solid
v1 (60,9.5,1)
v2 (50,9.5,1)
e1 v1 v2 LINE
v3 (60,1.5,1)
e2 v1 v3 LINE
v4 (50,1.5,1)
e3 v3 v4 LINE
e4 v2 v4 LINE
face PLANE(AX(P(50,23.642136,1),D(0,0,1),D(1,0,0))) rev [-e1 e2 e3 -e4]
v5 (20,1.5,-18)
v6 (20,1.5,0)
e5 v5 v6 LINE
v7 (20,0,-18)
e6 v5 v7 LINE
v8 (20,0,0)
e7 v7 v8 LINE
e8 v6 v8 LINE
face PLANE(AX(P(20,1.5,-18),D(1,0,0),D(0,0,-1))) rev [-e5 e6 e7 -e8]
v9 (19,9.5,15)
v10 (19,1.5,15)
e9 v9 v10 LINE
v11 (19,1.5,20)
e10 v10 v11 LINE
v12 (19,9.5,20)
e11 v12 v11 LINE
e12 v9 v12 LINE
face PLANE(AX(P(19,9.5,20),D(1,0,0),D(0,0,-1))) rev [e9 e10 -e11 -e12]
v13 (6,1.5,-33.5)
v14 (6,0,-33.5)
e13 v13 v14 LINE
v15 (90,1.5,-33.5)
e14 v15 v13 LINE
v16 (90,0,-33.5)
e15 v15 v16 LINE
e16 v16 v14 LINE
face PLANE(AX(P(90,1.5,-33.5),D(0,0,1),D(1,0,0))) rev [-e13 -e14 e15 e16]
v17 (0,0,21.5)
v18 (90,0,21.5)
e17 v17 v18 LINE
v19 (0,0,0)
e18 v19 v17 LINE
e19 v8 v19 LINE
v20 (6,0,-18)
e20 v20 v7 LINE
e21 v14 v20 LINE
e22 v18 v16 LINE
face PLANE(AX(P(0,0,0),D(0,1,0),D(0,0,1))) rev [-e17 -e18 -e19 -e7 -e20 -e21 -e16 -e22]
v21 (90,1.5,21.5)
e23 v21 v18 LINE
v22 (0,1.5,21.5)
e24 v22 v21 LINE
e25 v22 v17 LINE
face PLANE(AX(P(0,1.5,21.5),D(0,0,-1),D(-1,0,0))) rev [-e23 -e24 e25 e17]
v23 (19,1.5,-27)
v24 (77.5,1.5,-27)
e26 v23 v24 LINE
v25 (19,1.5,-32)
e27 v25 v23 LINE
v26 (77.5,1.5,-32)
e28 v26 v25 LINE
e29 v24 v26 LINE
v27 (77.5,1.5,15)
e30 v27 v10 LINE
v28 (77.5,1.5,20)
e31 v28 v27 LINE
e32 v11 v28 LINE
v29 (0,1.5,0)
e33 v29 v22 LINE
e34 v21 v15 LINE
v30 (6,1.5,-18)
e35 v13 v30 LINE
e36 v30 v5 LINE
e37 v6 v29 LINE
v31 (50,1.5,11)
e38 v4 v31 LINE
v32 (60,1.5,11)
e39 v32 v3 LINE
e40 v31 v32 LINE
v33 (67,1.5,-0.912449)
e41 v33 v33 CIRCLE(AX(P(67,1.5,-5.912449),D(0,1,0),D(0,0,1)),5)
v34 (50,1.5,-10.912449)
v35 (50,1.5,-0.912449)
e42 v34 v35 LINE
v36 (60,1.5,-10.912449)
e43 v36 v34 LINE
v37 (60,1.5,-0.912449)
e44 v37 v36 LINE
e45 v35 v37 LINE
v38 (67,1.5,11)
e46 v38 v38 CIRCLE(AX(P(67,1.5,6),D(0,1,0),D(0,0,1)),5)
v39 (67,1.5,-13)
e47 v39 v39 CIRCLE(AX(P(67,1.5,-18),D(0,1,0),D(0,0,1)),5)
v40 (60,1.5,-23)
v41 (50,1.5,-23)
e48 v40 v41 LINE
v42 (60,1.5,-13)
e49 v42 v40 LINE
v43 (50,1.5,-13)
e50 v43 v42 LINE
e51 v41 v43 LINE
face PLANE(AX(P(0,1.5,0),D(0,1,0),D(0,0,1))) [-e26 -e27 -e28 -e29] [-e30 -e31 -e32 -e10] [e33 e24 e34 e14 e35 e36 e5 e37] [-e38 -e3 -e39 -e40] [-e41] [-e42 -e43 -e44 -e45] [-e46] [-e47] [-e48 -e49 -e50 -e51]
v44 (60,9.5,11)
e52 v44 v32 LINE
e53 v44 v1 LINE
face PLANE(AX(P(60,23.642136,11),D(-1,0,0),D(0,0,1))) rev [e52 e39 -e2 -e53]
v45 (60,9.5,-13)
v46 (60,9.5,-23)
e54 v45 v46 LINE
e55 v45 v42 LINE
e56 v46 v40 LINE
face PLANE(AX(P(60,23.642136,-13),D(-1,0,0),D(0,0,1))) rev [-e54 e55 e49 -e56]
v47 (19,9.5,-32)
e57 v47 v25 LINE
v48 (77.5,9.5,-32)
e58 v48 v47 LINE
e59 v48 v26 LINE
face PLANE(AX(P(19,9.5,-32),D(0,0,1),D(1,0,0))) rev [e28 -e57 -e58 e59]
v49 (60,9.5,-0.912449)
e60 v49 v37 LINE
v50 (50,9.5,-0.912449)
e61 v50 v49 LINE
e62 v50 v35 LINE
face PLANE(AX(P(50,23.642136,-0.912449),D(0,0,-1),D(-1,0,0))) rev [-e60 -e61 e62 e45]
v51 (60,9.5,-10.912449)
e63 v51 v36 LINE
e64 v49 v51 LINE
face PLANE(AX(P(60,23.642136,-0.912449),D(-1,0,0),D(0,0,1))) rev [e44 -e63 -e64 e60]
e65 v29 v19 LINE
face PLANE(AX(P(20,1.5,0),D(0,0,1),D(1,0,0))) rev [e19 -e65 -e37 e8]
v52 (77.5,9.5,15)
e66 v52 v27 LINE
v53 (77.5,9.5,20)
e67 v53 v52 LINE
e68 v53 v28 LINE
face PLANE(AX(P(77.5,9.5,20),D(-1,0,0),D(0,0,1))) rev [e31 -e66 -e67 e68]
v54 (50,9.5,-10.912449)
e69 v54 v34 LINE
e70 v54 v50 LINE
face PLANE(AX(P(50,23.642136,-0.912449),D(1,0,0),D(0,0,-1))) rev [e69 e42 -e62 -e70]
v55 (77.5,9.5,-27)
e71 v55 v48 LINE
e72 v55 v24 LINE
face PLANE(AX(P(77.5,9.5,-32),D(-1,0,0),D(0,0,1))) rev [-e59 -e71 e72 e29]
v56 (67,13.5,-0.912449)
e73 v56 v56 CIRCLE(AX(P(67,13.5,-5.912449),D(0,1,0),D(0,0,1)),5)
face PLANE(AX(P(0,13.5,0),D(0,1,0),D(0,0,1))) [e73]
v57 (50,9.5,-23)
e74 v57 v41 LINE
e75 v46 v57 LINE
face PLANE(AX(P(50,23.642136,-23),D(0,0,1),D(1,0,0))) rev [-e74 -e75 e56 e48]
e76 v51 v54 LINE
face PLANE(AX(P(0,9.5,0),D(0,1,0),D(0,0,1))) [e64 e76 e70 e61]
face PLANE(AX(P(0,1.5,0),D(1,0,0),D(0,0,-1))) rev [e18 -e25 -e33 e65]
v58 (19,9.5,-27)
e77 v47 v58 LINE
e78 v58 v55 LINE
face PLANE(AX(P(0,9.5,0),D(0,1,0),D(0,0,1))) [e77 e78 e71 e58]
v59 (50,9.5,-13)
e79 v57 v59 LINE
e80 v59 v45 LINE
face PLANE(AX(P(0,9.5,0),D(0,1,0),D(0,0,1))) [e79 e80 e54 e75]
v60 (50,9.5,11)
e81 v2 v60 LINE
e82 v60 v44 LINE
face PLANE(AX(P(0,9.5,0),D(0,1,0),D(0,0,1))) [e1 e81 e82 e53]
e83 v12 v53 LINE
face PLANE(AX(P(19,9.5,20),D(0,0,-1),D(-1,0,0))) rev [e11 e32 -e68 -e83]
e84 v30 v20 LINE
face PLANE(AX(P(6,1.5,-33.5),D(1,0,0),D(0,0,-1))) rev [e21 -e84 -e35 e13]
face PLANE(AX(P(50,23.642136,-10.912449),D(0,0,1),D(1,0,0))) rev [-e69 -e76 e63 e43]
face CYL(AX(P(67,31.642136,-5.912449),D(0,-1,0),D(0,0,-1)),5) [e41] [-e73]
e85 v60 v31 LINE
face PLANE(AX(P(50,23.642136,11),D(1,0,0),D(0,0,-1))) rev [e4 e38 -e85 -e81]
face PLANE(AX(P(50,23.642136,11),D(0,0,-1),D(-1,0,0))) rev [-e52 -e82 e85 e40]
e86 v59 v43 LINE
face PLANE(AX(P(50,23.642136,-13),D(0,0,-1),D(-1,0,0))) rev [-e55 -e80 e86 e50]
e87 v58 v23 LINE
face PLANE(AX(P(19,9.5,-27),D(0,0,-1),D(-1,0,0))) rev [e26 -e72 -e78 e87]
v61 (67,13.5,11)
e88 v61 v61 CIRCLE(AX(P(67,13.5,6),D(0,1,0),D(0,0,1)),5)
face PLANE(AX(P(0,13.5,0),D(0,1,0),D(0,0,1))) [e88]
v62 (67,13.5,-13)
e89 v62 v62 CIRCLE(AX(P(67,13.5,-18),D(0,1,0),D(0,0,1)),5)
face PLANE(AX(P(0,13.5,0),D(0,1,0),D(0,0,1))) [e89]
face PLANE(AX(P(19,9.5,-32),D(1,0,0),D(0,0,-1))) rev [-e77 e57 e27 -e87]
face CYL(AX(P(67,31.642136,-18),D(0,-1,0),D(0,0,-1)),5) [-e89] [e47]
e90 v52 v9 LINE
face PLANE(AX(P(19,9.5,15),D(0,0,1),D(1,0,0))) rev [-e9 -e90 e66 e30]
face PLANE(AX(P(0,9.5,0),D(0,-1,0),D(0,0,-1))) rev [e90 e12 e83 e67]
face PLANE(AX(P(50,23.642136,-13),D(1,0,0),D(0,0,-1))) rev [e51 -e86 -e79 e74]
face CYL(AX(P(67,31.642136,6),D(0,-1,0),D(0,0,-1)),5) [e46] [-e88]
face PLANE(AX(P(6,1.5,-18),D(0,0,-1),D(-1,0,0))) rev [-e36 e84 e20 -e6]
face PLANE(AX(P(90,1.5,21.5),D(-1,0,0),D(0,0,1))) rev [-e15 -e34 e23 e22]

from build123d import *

# Parameters (mm, degrees)
BOSS_EXTRUDE1_DEPTH = 1.5
SKETCH2_W           = 58.5
SKETCH2_H           = 5
BOSS_EXTRUDE2_DEPTH = 8
SKETCH3_W           = 10
SKETCH3_H           = 10
BOSS_EXTRUDE3_DEPTH = 8
SKETCH4_R           = 5
BOSS_EXTRUDE4_DEPTH = 12


with BuildPart() as part:
    # Sketch1 → Boss-Extrude1 (new body)
    with BuildSketch(Plane(origin=(0, 0, 0), x_dir=(1, 0, 0), z_dir=(0, 1, 0))):
        Polygon((0, 0), (0, -21.5), (90, -21.5), (90, 33.5), (6, 33.5), (6, 18), (20, 18), (20, 0), align=None)
    extrude(amount=BOSS_EXTRUDE1_DEPTH)

    # Sketch2 → Boss-Extrude2 (add)
    with BuildSketch(Plane(origin=(0, 1.5, 0), x_dir=(1, 0, 0), z_dir=(0, 1, 0))):
        with Locations((48.25, -17.5)):
            Rectangle(SKETCH2_W, SKETCH2_H)
        with Locations((48.25, 29.5)):
            Rectangle(SKETCH2_W, SKETCH2_H)
    extrude(amount=BOSS_EXTRUDE2_DEPTH)

    # Sketch3 → Boss-Extrude3 (add)
    with BuildSketch(Plane(origin=(0, 1.5, 0), x_dir=(1, 0, 0), z_dir=(0, 1, 0))):
        with Locations((55, 18)):
            Rectangle(SKETCH3_W, SKETCH3_H)
        with Locations((55, 5.912448656)):
            Rectangle(SKETCH3_W, SKETCH3_H)
        with Locations((55, -6)):
            Rectangle(SKETCH3_W, SKETCH3_H)
    extrude(amount=BOSS_EXTRUDE3_DEPTH)

    # Sketch4 → Boss-Extrude4 (add)
    with BuildSketch(Plane(origin=(0, 1.5, 0), x_dir=(1, 0, 0), z_dir=(0, 1, 0))):
        with Locations(Location((67, 18, 0), (0, 0, 270))):
            Circle(SKETCH4_R)
        with Locations(Location((67, 5.912448656, 0), (0, 0, 270))):
            Circle(SKETCH4_R)
        with Locations(Location((67, -6, 0), (0, 0, 270))):
            Circle(SKETCH4_R)
    extrude(amount=BOSS_EXTRUDE4_DEPTH)


solid = part.part
